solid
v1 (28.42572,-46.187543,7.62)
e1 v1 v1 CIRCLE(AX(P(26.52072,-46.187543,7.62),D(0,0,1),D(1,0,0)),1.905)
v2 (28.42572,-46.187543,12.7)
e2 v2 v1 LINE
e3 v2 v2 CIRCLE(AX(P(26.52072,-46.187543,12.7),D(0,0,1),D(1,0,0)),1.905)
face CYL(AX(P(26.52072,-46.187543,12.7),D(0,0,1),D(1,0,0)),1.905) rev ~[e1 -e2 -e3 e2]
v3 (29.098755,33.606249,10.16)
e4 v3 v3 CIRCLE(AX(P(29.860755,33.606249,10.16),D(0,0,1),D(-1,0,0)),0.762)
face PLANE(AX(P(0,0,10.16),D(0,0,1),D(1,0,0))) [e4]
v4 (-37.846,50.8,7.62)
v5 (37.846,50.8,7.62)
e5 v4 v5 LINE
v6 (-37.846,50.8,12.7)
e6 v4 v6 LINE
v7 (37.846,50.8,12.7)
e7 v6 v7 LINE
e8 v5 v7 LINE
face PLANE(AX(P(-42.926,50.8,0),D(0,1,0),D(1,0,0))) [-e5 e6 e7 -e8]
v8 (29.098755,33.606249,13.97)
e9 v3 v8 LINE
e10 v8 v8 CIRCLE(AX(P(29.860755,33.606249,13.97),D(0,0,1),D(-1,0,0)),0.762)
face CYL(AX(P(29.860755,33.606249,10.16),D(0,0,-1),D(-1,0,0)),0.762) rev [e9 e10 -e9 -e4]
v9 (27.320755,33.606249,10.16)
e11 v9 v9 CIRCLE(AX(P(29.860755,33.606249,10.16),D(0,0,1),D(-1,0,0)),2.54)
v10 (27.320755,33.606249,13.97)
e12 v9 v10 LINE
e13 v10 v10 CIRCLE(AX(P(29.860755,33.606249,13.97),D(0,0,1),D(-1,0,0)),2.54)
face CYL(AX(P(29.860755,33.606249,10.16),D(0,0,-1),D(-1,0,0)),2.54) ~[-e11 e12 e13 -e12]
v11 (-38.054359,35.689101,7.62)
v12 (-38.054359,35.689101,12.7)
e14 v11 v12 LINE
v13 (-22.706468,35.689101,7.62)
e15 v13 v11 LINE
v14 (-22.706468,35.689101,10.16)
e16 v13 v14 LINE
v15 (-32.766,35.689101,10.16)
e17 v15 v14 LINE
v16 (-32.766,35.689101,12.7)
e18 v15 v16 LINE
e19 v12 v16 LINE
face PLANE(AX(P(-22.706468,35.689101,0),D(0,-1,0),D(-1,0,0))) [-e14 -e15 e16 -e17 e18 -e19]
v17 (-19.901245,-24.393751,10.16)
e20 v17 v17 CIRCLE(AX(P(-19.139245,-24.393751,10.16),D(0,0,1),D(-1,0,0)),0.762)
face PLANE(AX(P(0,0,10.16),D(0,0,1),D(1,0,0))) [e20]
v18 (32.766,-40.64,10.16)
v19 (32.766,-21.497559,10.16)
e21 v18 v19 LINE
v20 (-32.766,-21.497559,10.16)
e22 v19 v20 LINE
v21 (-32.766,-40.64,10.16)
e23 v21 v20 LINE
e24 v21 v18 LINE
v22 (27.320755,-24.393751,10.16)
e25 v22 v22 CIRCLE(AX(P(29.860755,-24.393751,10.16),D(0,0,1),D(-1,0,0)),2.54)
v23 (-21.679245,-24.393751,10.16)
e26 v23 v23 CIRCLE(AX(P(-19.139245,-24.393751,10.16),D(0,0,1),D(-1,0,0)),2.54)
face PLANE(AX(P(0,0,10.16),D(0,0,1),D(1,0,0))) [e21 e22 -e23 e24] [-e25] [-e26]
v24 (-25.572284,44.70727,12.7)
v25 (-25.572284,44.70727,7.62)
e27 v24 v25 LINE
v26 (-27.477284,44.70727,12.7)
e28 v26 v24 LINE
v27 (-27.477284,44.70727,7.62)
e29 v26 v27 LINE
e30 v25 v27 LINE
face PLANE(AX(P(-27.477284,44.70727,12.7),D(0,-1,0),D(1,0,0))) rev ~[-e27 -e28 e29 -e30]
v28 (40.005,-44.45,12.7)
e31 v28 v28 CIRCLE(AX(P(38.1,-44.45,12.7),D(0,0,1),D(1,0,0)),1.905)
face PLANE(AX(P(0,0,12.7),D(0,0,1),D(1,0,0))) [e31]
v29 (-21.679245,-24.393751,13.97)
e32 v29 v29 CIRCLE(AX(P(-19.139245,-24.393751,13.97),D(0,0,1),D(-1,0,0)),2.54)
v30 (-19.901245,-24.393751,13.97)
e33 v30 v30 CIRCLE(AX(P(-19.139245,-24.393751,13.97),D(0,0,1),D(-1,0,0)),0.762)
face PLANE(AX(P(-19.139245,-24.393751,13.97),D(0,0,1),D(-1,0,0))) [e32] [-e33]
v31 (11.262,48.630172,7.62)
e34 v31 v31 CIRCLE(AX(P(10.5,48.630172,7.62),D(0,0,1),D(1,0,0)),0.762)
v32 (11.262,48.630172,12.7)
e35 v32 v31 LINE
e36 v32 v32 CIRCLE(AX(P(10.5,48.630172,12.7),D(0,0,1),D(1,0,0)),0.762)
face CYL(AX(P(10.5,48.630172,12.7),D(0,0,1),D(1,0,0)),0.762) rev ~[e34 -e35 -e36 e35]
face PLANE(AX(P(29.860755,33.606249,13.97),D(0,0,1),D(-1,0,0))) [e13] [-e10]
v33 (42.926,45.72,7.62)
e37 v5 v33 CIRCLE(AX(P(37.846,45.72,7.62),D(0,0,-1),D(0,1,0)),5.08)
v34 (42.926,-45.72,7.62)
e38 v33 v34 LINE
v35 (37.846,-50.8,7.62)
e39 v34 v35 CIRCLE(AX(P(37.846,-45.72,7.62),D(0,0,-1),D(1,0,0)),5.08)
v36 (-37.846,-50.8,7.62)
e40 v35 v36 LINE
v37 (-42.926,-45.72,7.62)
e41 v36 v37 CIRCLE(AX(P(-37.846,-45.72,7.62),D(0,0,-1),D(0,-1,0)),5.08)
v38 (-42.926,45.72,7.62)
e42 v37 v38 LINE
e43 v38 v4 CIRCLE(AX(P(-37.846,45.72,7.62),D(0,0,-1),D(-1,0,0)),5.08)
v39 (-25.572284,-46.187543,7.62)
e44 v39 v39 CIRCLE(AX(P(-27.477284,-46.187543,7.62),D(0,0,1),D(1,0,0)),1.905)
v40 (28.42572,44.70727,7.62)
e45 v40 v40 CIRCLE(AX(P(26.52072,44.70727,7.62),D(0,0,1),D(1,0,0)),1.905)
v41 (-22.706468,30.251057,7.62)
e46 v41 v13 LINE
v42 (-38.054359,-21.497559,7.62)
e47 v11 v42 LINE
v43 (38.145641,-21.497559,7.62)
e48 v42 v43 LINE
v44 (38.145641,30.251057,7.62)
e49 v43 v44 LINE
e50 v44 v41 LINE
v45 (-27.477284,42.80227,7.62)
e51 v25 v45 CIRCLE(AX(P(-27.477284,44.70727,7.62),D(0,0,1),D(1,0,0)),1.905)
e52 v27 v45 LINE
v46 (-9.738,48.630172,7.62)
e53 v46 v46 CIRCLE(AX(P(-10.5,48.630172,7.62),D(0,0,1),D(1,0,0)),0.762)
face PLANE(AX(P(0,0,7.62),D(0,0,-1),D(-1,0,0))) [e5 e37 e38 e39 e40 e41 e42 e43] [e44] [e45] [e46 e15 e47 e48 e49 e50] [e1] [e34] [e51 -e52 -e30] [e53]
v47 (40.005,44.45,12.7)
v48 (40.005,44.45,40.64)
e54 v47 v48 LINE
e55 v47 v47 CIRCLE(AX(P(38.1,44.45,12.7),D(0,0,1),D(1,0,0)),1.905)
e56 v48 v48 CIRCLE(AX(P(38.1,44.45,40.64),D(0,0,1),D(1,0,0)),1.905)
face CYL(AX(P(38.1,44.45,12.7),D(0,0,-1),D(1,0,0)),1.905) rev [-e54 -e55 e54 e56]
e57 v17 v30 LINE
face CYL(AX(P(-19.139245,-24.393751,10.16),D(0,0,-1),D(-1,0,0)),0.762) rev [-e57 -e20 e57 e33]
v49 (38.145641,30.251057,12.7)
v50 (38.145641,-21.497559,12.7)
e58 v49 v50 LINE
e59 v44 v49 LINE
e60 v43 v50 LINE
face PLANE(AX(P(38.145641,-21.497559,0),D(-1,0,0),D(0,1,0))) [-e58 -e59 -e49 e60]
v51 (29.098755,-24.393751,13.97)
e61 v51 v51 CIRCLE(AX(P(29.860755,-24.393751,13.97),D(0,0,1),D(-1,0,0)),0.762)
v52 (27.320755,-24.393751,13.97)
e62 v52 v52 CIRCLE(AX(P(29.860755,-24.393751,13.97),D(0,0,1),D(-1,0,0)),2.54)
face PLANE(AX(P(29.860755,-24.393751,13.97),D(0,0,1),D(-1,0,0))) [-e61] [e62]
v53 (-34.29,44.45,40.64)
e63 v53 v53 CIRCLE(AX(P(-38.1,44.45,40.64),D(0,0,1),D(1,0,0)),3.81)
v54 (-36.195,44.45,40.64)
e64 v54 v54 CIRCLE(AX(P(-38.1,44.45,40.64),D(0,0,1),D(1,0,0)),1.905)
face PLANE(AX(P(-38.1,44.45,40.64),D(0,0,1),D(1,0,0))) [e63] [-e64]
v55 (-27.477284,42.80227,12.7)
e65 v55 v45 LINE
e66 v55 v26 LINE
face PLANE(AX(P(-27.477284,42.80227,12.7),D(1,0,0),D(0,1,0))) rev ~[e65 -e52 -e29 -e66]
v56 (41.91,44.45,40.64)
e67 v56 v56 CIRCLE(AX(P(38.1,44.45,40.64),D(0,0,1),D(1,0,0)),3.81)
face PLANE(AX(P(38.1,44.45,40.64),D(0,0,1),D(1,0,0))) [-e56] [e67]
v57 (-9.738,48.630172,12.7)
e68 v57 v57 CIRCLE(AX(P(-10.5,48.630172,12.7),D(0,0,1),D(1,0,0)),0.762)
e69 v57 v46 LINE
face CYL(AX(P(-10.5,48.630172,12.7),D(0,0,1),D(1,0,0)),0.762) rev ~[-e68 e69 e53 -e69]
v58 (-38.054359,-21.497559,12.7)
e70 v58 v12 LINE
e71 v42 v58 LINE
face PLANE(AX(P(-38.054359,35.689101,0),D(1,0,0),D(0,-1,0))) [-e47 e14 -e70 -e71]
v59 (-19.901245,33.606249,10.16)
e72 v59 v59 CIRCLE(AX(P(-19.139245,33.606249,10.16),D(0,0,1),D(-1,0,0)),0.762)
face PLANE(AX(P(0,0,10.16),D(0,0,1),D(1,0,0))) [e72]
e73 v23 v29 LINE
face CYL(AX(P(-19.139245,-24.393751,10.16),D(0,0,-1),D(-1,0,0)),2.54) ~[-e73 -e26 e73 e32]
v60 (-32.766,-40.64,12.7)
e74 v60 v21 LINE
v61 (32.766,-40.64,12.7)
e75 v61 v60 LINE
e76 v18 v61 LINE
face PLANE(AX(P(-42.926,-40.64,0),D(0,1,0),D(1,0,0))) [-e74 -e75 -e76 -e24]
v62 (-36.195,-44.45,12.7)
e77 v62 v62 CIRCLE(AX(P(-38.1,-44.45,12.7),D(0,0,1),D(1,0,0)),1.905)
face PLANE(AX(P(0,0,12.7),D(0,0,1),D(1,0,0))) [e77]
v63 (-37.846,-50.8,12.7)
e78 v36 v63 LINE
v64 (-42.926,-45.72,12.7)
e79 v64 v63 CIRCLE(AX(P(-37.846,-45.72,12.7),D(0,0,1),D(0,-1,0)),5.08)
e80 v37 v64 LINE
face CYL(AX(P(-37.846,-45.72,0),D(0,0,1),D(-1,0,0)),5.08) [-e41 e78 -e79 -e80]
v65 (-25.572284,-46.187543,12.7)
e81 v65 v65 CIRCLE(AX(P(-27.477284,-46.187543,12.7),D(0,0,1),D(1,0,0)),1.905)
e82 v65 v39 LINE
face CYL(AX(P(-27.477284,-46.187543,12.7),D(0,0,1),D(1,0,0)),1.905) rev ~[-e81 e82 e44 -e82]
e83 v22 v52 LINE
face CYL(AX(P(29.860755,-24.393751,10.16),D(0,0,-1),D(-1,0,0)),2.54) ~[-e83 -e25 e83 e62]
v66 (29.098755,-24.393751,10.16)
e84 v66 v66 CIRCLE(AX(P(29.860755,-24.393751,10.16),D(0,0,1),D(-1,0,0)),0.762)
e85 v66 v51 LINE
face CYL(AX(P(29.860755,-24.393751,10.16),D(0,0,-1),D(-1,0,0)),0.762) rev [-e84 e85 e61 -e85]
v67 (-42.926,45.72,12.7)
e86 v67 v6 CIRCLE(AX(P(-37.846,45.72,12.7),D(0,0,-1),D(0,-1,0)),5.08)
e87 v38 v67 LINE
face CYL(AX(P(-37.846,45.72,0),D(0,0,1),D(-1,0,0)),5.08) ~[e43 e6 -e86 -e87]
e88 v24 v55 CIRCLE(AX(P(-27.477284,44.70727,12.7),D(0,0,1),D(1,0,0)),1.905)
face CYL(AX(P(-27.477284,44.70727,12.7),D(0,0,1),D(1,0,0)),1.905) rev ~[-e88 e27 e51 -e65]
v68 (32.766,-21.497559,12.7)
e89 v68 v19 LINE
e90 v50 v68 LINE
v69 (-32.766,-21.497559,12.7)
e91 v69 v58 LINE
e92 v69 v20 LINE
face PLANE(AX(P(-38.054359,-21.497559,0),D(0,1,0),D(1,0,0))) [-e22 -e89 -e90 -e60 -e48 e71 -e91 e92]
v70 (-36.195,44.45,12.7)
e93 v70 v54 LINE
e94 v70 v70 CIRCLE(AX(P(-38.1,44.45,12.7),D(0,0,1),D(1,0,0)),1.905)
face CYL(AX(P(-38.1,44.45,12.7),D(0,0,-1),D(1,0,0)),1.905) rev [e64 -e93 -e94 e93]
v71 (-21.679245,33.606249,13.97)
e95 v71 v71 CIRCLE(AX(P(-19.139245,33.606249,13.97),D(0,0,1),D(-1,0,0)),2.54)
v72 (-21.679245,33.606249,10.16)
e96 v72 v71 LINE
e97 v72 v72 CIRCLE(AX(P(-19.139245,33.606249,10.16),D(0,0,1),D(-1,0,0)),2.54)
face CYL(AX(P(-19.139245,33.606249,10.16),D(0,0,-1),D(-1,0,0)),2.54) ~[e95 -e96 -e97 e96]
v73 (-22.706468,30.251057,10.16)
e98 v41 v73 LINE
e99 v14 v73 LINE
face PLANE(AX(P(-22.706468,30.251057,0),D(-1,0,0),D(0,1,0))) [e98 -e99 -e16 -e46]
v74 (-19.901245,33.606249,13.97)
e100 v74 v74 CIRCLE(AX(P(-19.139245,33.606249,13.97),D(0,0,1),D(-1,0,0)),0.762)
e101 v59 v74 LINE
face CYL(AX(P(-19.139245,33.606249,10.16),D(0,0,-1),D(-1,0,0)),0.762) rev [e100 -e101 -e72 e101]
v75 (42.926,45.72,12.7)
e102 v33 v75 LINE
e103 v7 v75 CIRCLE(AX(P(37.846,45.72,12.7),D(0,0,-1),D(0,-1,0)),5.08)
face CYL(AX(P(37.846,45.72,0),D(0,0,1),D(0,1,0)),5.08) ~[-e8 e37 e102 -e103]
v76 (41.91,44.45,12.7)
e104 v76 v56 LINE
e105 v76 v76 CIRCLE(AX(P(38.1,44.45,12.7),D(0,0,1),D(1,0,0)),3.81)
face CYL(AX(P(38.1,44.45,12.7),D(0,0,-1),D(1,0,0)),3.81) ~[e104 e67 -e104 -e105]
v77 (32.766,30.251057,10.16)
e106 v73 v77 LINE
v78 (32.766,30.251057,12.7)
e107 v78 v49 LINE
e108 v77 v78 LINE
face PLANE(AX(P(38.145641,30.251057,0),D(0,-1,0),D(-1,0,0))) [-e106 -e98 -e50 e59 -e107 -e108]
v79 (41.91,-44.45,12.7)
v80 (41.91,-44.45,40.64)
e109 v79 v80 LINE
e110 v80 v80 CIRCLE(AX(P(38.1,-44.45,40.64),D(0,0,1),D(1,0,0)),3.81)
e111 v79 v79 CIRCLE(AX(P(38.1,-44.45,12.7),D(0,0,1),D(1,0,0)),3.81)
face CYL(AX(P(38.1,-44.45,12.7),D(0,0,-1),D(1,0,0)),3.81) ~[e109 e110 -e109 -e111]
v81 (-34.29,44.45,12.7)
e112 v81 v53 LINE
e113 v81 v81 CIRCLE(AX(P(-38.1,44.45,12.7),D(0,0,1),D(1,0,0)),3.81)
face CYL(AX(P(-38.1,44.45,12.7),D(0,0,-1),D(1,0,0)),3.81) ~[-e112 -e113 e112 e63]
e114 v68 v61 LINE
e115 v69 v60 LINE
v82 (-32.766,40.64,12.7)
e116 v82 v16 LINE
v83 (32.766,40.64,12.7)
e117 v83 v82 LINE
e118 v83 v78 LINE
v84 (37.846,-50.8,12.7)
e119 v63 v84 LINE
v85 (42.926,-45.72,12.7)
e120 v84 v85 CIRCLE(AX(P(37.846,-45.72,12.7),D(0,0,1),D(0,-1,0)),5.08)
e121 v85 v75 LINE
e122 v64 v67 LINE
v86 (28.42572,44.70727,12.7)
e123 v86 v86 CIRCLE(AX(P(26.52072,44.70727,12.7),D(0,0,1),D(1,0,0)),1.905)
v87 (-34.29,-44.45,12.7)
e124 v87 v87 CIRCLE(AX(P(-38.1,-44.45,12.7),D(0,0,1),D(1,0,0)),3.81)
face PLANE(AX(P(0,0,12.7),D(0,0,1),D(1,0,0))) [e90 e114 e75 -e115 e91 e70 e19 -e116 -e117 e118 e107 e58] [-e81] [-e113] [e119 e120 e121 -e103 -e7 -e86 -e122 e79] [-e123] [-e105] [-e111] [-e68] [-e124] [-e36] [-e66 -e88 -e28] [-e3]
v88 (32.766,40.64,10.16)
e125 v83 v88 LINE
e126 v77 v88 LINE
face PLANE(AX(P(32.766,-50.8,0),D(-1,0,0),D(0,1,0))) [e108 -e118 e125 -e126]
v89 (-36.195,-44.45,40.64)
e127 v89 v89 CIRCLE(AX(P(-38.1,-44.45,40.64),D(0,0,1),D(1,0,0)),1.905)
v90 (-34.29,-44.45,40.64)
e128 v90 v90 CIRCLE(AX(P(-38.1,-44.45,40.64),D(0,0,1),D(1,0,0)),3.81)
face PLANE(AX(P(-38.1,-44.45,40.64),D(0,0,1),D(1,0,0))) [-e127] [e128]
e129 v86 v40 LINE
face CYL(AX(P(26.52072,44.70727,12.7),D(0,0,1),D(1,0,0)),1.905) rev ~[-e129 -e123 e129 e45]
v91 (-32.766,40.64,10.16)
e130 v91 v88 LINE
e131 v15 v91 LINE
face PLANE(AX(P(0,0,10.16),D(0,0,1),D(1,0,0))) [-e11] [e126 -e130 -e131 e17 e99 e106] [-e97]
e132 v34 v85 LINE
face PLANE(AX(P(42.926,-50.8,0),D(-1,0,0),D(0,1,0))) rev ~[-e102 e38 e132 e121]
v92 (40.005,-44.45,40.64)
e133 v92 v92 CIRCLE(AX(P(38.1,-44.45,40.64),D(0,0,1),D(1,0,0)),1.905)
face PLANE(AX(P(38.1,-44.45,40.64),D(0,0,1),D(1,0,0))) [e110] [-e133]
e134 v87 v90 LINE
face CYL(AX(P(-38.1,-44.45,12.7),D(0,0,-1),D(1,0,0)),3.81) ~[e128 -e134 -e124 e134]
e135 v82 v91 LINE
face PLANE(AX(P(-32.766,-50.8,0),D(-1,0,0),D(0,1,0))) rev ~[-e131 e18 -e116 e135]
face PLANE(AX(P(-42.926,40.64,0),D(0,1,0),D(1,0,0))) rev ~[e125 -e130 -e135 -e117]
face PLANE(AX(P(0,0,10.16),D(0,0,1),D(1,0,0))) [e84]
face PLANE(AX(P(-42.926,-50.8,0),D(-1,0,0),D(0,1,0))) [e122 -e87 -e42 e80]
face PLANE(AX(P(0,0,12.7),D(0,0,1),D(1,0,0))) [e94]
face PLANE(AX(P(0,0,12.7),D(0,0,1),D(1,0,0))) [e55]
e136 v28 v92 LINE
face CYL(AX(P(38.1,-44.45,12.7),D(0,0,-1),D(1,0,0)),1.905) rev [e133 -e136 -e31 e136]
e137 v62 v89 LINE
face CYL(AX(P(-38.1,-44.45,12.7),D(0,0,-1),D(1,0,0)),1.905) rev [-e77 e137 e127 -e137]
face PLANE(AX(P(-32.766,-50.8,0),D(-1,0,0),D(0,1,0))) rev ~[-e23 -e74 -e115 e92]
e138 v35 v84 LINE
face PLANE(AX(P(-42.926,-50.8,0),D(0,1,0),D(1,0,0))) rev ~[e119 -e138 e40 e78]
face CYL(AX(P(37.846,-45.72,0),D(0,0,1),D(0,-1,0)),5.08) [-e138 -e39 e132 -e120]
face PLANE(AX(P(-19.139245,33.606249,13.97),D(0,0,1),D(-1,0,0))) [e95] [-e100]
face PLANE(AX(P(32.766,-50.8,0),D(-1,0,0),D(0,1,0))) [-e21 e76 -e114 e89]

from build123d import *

# Parameters (mm, degrees)
SKETCH1_W           = 85.852
SKETCH1_H           = 101.6
BOSS_EXTRUDE1_DEPTH = 12.7
SHELL1_T            = -10.16
SKETCH3_R           = 2.54
SKETCH3_R_2         = 0.762
BOSS_EXTRUDE7_DEPTH = 3.81
FILLET1_R           = 5.08
CUT_EXTRUDE4_START  = -7.62
CUT_EXTRUDE4_DEPTH  = 7.62
SKETCH10_R          = 3.81
SKETCH10_R_2        = 1.905
BOSS_EXTRUDE6_DEPTH = 27.94
CUT_EXTRUDE5_DEPTH  = 83.058
SKETCH13_R          = 1.905
SKETCH13_R_2        = 0.762
CUT_EXTRUDE6_DEPTH  = 9.906


with BuildPart() as part:
    # Sketch1 → Boss-Extrude1 (new body)
    with BuildSketch(Plane.XY):
        Rectangle(SKETCH1_W, SKETCH1_H)
    extrude(amount=BOSS_EXTRUDE1_DEPTH)

    # Shell1
    shell1_openings = [part.faces().sort_by_distance(p)[0] for p in [
        (0, 0, 12.7),
    ]]
    offset(amount=SHELL1_T, openings=shell1_openings, kind=Kind.INTERSECTION)

    # Sketch3 → Boss-Extrude7 (add)
    # profile 1 of 4: a face of its own
    with BuildSketch(Plane.XY.offset(10.16)):
        with Locations(Location((-19.139245454, 33.606248823, 0), (0, 0, 180))):
            Circle(SKETCH3_R)
        with Locations(Location((-19.139245454, 33.606248823, 0), (0, 0, 180))):
            Circle(SKETCH3_R_2, mode=Mode.SUBTRACT)
    # profile 2 of 4: a face of its own
    with BuildSketch(Plane.XY.offset(10.16)):
        with Locations(Location((29.860754546, 33.606248823, 0), (0, 0, 180))):
            Circle(SKETCH3_R)
        with Locations(Location((29.860754546, 33.606248823, 0), (0, 0, 180))):
            Circle(SKETCH3_R_2, mode=Mode.SUBTRACT)
    # profile 3 of 4: a face of its own
    with BuildSketch(Plane.XY.offset(10.16)):
        with Locations(Location((29.860754546, -24.393751177, 0), (0, 0, 180))):
            Circle(SKETCH3_R)
        with Locations(Location((29.860754546, -24.393751177, 0), (0, 0, 180))):
            Circle(SKETCH3_R_2, mode=Mode.SUBTRACT)
    # profile 4 of 4: a face of its own
    with BuildSketch(Plane.XY.offset(10.16)):
        with Locations(Location((-19.139245454, -24.393751177, 0), (0, 0, 180))):
            Circle(SKETCH3_R)
        with Locations(Location((-19.139245454, -24.393751177, 0), (0, 0, 180))):
            Circle(SKETCH3_R_2, mode=Mode.SUBTRACT)
    extrude(amount=BOSS_EXTRUDE7_DEPTH)

    # Fillet1
    fillet1_edges = [part.edges().sort_by_distance(p)[0] for p in [
        (-42.926, 50.8, 6.35),
        (42.926, 50.8, 6.35),
        (42.926, -50.8, 6.35),
        (-42.926, -50.8, 6.35),
    ]]
    fillet(fillet1_edges, radius=FILLET1_R)

    # Sketch7 → Cut-Extrude4 (cut)
    with BuildSketch(Plane(origin=(0, 0, 0), x_dir=(-1, 0, 0), z_dir=(0, 0, -1)).offset(CUT_EXTRUDE4_START)):
        with BuildLine():
            Line((-37.846, -50.8), (37.846, -50.8))
            ThreePointArc((37.846, -50.8), (41.438102448, -49.312102448), (42.926, -45.72))
            Line((42.926, -45.72), (42.926, 45.72))
            ThreePointArc((42.926, 45.72), (41.438102448, 49.312102448), (37.846, 50.8))
            Line((37.846, 50.8), (-37.846, 50.8))
            ThreePointArc((-37.846, 50.8), (-41.438102448, 49.312102448), (-42.926, 45.72))
            Line((-42.926, 45.72), (-42.926, -45.72))
            ThreePointArc((-42.926, -45.72), (-41.438102448, -49.312102448), (-37.846, -50.8))
        make_face()
    extrude(amount=CUT_EXTRUDE4_DEPTH, mode=Mode.SUBTRACT)

    # Sketch10 → Boss-Extrude6 (add)
    # profile 1 of 4: a face of its own
    with BuildSketch(Plane.XY.offset(12.7)):
        with Locations((-38.1, 44.45)):
            Circle(SKETCH10_R)
        with Locations((-38.1, 44.45)):
            Circle(SKETCH10_R_2, mode=Mode.SUBTRACT)
    # profile 2 of 4: a face of its own
    with BuildSketch(Plane.XY.offset(12.7)):
        with Locations((38.1, 44.45)):
            Circle(SKETCH10_R)
        with Locations((38.1, 44.45)):
            Circle(SKETCH10_R_2, mode=Mode.SUBTRACT)
    # profile 3 of 4: a face of its own
    with BuildSketch(Plane.XY.offset(12.7)):
        with Locations((38.1, -44.45)):
            Circle(SKETCH10_R)
        with Locations((38.1, -44.45)):
            Circle(SKETCH10_R_2, mode=Mode.SUBTRACT)
    # profile 4 of 4: a face of its own
    with BuildSketch(Plane.XY.offset(12.7)):
        with Locations((-38.1, -44.45)):
            Circle(SKETCH10_R)
        with Locations((-38.1, -44.45)):
            Circle(SKETCH10_R_2, mode=Mode.SUBTRACT)
    extrude(amount=BOSS_EXTRUDE6_DEPTH)

    # Sketch11 → Cut-Extrude5 (cut)
    with BuildSketch(Plane.XY):
        Polygon((-38.054358592, -21.497558928), (38.145641408, -21.497558928), (38.145641408, 30.251057274), (-22.70646811, 30.251057274), (-22.70646811, 35.689101497), (-38.054358592, 35.689101497), align=None)
    extrude(amount=CUT_EXTRUDE5_DEPTH, mode=Mode.SUBTRACT)

    # Sketch13 → Cut-Extrude6 (cut)
    with BuildSketch(Plane.XY.offset(12.7)):
        with BuildLine():
            Line((-27.477284385, 42.802269742), (-27.477284385, 44.707269742))
            Line((-27.477284385, 44.707269742), (-25.572284385, 44.707269742))
            ThreePointArc((-25.572284385, 44.707269742), (-28.824322804, 46.05430816), (-27.477284385, 42.802269742))
        make_face()
        with Locations((26.520719639, 44.707269742)):
            Circle(SKETCH13_R)
        with Locations((-27.477284385, -46.187542617)):
            Circle(SKETCH13_R)
        with Locations((26.520719639, -46.187542617)):
            Circle(SKETCH13_R)
        with Locations((10.5, 48.630171944)):
            Circle(SKETCH13_R_2)
        with Locations((-10.5, 48.630171944)):
            Circle(SKETCH13_R_2)
    extrude(amount=-CUT_EXTRUDE6_DEPTH, mode=Mode.SUBTRACT)


solid = part.part
